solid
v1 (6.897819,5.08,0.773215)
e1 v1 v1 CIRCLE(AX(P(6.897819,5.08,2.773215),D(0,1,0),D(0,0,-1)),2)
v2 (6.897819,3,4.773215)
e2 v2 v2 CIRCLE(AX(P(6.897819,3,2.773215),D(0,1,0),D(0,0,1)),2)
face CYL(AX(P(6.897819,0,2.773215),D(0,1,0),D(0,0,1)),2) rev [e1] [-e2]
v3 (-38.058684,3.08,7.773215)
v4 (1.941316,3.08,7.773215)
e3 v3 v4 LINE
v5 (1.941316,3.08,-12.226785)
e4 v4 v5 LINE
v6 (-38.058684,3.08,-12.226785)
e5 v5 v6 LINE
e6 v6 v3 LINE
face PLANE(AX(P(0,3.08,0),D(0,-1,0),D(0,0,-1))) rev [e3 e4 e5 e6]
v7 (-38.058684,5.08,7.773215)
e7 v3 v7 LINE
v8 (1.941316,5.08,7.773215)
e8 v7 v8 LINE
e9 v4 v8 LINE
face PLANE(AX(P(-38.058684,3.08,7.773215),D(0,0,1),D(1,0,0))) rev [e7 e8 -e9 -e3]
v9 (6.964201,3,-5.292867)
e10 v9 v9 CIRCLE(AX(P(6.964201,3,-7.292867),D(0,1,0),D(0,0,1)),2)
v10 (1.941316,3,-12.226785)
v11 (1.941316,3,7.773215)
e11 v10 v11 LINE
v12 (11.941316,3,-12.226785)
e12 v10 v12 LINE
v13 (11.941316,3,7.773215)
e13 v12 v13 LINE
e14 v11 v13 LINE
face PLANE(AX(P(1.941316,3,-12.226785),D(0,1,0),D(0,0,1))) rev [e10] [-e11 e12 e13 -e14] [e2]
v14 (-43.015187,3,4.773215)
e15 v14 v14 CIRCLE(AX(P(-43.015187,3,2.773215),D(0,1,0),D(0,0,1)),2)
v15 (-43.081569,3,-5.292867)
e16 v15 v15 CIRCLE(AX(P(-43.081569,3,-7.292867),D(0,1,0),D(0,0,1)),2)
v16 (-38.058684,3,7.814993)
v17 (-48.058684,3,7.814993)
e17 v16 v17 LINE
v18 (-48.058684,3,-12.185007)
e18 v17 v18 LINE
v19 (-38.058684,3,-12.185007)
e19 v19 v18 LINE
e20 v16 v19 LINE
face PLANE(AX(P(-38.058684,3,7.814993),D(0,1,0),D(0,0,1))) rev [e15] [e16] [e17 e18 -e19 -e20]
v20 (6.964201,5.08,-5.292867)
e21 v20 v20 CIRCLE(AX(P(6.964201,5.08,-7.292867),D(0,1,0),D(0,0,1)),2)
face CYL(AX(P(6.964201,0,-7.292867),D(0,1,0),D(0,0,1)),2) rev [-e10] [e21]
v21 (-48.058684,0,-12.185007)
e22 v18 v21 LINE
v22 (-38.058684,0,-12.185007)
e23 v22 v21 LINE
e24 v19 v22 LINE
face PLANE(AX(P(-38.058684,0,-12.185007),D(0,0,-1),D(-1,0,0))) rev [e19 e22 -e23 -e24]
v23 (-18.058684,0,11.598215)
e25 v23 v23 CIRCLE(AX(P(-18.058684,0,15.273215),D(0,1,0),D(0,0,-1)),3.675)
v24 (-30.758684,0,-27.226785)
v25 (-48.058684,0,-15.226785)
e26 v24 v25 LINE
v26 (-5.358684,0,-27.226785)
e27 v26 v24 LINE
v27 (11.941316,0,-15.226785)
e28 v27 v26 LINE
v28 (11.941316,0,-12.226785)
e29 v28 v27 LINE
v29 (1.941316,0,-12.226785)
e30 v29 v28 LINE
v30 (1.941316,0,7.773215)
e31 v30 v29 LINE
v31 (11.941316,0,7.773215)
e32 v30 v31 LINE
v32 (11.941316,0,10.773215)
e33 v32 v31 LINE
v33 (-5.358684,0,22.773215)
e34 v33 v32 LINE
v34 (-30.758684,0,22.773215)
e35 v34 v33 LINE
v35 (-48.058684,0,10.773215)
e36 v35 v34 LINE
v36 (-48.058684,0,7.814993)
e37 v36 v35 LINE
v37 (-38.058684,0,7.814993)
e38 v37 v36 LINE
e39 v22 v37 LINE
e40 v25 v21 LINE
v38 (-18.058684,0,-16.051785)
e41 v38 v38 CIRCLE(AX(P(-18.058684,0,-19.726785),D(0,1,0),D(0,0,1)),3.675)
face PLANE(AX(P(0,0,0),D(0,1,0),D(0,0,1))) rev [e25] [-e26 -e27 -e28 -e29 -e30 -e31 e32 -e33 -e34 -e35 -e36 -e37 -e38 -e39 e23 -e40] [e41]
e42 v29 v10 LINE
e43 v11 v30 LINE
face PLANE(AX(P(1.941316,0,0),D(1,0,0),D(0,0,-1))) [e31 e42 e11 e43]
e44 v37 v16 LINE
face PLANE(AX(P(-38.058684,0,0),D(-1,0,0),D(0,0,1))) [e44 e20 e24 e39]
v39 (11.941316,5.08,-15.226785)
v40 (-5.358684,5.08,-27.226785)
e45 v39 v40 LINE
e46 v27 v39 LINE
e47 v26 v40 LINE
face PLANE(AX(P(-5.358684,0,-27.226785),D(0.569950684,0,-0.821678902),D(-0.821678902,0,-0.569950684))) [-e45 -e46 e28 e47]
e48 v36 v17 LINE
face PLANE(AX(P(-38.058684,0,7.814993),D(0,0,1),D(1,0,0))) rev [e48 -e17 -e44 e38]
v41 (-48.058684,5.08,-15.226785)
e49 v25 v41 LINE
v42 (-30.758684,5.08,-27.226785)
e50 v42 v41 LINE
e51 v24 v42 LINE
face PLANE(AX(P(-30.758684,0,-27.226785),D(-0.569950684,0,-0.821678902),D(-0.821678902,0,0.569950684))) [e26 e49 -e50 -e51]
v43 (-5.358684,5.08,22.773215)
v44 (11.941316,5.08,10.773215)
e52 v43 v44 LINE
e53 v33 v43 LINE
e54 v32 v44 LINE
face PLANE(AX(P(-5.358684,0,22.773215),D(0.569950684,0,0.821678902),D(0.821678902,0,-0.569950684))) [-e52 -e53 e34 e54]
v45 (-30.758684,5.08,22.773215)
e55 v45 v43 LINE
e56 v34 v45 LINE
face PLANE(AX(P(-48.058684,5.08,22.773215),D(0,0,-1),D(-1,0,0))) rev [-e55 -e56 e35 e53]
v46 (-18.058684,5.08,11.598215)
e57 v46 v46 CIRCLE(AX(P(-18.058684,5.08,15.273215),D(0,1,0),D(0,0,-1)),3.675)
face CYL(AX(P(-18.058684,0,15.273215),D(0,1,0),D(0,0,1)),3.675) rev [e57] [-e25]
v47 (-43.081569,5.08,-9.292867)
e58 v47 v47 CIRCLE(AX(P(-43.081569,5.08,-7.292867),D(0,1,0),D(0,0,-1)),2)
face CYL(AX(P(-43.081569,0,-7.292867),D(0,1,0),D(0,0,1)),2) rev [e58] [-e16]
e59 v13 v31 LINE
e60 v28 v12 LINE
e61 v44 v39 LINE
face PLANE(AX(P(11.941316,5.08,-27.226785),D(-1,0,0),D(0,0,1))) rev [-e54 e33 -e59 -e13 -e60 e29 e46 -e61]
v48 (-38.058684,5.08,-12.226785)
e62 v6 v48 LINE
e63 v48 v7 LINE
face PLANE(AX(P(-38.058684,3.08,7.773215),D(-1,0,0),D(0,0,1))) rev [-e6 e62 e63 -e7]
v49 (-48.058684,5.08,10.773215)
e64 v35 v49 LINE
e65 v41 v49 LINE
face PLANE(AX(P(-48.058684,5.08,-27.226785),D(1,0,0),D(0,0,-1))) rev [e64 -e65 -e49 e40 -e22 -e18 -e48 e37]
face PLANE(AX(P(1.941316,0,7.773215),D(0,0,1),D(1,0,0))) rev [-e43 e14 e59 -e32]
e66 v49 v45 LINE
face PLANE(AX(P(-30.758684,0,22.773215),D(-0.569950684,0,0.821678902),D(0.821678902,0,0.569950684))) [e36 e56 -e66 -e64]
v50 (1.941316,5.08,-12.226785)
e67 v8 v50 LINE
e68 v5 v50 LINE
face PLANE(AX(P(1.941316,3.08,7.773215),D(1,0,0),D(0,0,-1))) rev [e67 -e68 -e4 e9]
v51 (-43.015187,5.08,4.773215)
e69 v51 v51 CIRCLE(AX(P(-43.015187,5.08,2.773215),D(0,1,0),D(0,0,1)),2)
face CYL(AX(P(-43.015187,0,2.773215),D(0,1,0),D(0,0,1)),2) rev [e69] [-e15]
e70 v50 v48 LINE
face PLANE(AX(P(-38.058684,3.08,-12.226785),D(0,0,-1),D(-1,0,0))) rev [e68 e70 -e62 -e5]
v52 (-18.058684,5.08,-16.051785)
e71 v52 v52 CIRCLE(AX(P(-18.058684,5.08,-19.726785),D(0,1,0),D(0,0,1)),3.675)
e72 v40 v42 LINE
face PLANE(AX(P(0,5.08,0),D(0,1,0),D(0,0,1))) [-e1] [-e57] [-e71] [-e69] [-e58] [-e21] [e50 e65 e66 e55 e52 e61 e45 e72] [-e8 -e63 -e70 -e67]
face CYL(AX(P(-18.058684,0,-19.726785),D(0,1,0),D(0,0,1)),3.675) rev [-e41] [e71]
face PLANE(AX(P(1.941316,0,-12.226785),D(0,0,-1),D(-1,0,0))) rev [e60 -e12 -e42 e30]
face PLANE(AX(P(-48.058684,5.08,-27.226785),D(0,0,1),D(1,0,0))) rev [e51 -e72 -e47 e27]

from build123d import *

# Parameters (mm, degrees)
SKETCH1_W           = 60
SKETCH1_H           = 50
BOSS_EXTRUDE1_DEPTH = 5.08
SKETCH2_OUTSIDE_W   = 77.654
SKETCH2_OUTSIDE_H   = 67.654
SKETCH2_OUTSIDE_R   = 3.675
CUT_EXTRUDE1_DEPTH  = 56.468381585
SKETCH12_W          = 20
SKETCH12_H          = 3
CUT_EXTRUDE6_DEPTH  = 10
SKETCH13_W          = 20
SKETCH13_H          = 3
CUT_EXTRUDE7_DEPTH  = 10
SKETCH14_W          = 40
SKETCH14_H          = 20
CUT_EXTRUDE8_DEPTH  = 2
SKETCH15_R          = 2
CUT_EXTRUDE9_DEPTH  = 56.468381585


with BuildPart() as part:
    # Sketch1 → Boss-Extrude1 (new body)
    with BuildSketch(Plane(origin=(0, 0, 0), x_dir=(1, 0, 0), z_dir=(0, 1, 0))):
        with Locations((-18.058684047, 2.226785401)):
            Rectangle(SKETCH1_W, SKETCH1_H)
    extrude(amount=BOSS_EXTRUDE1_DEPTH)

    # Sketch2 outside → Cut-Extrude1 (cut, through all)
    # profile 1 of 3: a face of its own
    with BuildSketch(Plane(origin=(0, 5.08, 0), x_dir=(1, 0, 0), z_dir=(0, 1, 0))):
        with Locations((-18.059, 2.227)):
            Rectangle(SKETCH2_OUTSIDE_W, SKETCH2_OUTSIDE_H)
        Polygon((-30.758684047, 27.226785401), (-5.358684047, 27.226785401), (11.941315953, 15.226785401), (11.941315953, -10.773214599), (-5.358684047, -22.773214599), (-30.758684047, -22.773214599), (-48.058684047, -10.773214599), (-48.058684047, 15.226785401), align=None, mode=Mode.SUBTRACT)
    # profile 2 of 3: a face of its own
    with BuildSketch(Plane(origin=(0, 5.08, 0), x_dir=(1, 0, 0), z_dir=(0, 1, 0))):
        with Locations(Location((-18.058684047, 19.726785401, 0), (0, 0, 270))):
            Circle(SKETCH2_OUTSIDE_R)
    # profile 3 of 3: a face of its own
    with BuildSketch(Plane(origin=(0, 5.08, 0), x_dir=(1, 0, 0), z_dir=(0, 1, 0))):
        with Locations(Location((-18.058684047, -15.273214599, 0), (0, 0, 90))):
            Circle(SKETCH2_OUTSIDE_R)
    extrude(amount=-CUT_EXTRUDE1_DEPTH, mode=Mode.SUBTRACT)

    # Sketch12 → Cut-Extrude6 (cut)
    with BuildSketch(Plane.ZY.offset(48.058684047)):
        with Locations((-2.185006669, 1.5)):
            Rectangle(SKETCH12_W, SKETCH12_H)
    extrude(amount=-CUT_EXTRUDE6_DEPTH, mode=Mode.SUBTRACT)

    # Sketch13 → Cut-Extrude7 (cut)
    with BuildSketch(Plane(origin=(11.941315953, 0, 0), x_dir=(0, 0, -1), z_dir=(1, 0, 0))):
        with Locations((2.226785401, 1.5)):
            Rectangle(SKETCH13_W, SKETCH13_H)
    extrude(amount=-CUT_EXTRUDE7_DEPTH, mode=Mode.SUBTRACT)

    # Sketch14 → Cut-Extrude8 (cut)
    with BuildSketch(Plane(origin=(0, 5.08, 0), x_dir=(1, 0, 0), z_dir=(0, 1, 0))):
        with Locations((-18.058684047, 2.226785401)):
            Rectangle(SKETCH14_W, SKETCH14_H)
    extrude(amount=-CUT_EXTRUDE8_DEPTH, mode=Mode.SUBTRACT)

    # Sketch15 → Cut-Extrude9 (cut, through all)
    with BuildSketch(Plane(origin=(0, 5.08, 0), x_dir=(1, 0, 0), z_dir=(0, 1, 0))):
        with Locations(Location((-43.015186805, -2.773214599, 0), (0, 0, 270))):
            Circle(SKETCH15_R)
        with Locations(Location((-43.081568636, 7.292867381, 0), (0, 0, 270))):
            Circle(SKETCH15_R)
        with Locations(Location((6.964200542, 7.292867381, 0), (0, 0, 270))):
            Circle(SKETCH15_R)
        with Locations(Location((6.89781871, -2.773214599, 0), (0, 0, 270))):
            Circle(SKETCH15_R)
    extrude(amount=-CUT_EXTRUDE9_DEPTH, mode=Mode.SUBTRACT)


solid = part.part
